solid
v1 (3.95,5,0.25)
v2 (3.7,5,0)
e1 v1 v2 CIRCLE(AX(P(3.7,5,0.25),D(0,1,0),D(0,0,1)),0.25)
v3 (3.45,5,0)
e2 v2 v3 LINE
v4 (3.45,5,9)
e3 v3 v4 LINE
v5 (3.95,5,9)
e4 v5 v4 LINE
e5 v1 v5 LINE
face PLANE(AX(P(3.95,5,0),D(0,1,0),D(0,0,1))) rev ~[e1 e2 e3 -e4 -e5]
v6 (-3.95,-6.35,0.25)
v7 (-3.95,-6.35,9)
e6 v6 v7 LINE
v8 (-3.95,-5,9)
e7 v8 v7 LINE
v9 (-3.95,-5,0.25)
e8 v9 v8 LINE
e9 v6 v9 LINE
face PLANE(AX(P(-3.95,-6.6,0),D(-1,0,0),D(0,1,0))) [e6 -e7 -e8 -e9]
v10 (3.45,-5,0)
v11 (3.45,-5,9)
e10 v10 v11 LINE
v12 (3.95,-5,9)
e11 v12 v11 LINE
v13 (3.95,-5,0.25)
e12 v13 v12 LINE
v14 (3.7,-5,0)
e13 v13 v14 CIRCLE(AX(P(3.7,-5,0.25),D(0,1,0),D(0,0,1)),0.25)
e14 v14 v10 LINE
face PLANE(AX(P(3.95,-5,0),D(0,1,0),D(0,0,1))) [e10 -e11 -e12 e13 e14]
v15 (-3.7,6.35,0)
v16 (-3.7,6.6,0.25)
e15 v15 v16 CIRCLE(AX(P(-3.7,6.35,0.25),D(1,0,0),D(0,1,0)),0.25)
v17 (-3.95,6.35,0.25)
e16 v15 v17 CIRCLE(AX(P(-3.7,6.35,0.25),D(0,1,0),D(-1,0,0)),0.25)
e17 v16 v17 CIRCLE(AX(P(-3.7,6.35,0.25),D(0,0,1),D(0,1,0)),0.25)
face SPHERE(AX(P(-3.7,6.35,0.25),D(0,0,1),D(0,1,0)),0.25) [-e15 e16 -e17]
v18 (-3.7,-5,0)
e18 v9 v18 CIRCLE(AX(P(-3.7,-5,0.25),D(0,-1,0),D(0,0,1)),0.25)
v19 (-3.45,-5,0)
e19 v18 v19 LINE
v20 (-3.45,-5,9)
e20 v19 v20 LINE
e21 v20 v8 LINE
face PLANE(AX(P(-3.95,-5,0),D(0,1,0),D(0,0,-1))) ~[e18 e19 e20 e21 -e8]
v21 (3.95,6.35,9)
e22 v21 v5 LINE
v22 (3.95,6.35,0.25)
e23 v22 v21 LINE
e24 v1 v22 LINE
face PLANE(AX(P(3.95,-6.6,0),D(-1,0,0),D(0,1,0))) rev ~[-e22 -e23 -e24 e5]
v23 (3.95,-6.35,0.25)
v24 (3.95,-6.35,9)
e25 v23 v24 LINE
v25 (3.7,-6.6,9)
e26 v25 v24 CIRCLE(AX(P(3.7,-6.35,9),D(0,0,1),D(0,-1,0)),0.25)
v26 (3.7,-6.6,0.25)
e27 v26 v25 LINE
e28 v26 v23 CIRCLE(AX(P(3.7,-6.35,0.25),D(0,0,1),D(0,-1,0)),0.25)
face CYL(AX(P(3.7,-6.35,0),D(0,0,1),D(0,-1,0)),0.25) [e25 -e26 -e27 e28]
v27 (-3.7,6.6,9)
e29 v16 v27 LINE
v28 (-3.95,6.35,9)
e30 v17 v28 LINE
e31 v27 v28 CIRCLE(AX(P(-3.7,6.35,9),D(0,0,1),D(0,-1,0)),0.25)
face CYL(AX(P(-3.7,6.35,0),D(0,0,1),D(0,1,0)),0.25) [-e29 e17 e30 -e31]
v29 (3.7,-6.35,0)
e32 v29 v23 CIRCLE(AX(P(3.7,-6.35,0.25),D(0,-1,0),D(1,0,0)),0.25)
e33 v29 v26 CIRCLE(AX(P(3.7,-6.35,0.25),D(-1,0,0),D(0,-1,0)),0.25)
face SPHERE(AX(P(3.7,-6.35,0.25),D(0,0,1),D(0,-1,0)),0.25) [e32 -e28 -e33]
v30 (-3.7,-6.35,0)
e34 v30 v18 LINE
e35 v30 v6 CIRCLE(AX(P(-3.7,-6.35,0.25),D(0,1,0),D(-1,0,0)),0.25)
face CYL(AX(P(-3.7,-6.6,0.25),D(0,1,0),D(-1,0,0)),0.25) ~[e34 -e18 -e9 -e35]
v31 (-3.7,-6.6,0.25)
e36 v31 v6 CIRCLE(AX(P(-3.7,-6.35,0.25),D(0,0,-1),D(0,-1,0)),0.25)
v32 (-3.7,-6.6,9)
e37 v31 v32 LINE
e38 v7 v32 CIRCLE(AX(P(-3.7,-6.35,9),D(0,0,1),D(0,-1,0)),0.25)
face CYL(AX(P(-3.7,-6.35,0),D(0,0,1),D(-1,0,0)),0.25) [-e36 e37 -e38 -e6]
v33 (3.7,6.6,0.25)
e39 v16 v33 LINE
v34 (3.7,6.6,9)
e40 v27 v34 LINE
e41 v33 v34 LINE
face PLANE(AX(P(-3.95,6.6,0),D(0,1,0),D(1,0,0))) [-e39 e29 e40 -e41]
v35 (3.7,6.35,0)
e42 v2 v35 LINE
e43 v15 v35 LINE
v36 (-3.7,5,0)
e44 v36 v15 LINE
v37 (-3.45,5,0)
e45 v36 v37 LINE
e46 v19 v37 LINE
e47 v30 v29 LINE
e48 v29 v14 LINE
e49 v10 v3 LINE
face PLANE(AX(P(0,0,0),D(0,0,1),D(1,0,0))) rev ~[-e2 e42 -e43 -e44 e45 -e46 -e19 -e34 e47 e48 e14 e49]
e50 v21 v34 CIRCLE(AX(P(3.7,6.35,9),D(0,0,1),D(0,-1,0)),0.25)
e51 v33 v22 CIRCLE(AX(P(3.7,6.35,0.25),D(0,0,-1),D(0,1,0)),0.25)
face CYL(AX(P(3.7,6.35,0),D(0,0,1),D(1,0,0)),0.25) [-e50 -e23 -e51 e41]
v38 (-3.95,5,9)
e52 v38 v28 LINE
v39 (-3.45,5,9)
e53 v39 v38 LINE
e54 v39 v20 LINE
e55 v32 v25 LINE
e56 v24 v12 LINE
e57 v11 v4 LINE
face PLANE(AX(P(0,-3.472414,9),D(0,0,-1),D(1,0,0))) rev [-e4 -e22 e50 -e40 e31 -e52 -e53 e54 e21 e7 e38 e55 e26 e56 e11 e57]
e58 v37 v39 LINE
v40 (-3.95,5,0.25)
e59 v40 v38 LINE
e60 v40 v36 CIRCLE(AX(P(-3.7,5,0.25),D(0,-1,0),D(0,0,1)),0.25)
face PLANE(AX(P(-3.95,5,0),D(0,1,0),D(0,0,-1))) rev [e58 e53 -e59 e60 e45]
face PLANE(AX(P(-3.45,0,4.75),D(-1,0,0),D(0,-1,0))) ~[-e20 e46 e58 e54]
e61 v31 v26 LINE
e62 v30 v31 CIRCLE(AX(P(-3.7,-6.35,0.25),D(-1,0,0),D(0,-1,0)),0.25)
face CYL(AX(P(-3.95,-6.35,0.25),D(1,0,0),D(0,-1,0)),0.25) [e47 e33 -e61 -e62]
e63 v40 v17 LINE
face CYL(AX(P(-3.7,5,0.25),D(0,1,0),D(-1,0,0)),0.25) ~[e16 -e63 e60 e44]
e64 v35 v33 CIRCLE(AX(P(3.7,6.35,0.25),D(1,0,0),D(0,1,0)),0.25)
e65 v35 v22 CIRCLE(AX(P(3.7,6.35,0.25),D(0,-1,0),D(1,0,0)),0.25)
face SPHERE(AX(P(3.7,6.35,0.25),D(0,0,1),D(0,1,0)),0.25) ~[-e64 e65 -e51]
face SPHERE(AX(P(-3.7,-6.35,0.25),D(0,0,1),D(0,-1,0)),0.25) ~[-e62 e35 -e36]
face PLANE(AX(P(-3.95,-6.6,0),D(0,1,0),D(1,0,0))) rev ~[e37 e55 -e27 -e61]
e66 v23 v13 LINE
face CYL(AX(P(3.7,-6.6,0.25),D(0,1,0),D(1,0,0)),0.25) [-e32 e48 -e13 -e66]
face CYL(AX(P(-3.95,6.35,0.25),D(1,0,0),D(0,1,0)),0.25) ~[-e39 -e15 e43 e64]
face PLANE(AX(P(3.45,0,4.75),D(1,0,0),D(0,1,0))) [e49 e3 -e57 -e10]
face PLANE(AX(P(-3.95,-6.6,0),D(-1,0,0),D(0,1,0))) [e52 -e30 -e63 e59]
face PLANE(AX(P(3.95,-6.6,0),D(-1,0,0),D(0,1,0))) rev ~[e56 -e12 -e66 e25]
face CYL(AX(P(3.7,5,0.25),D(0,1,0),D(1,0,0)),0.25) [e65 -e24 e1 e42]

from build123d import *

# Parameters (mm, degrees)
SKETCH_W        = 7.9
SKETCH_H        = 13.2
PAD_DEPTH       = 9.5
SKETCH004_W     = 10
SKETCH004_H     = 9.5
POCKET_DEPTH    = 0.5
POCKET001_DEPTH = 0.5
FILLET001_R     = 0.25


with BuildPart() as part:
    # Sketch → Pad (new body)
    with BuildSketch(Plane.XY):
        Rectangle(SKETCH_W, SKETCH_H)
    extrude(amount=PAD_DEPTH)

    # Sketch004 → Pocket (cut)
    with BuildSketch(Plane.YZ.offset(3.95)):
        with Locations((0, 4.75)):
            Rectangle(SKETCH004_W, SKETCH004_H)
    pocket = extrude(amount=-POCKET_DEPTH, mode=Mode.SUBTRACT)

    # Mirrored: Pocket across YZ
    add(pocket.mirror(Plane.YZ), mode=Mode.SUBTRACT)

    # Sketch005 → Pocket001 (cut)
    with BuildSketch(Plane.XY.offset(9.5)):
        Polygon((-3.95, 6.6), (3.95, 6.6), (3.95, 5), (3.45, 5), (3.45, 0), (-3.45, 0), (-3.45, 5), (-3.95, 5), align=None)
    pocket001 = extrude(amount=-POCKET001_DEPTH, mode=Mode.SUBTRACT)

    # Mirrored001: Pocket001 across XZ
    add(pocket001.mirror(Plane.XZ), mode=Mode.SUBTRACT)

    # Fillet001
    fillet001_edges = [part.edges().sort_by_distance(p)[0] for p in [
        (3.95, -6.6, 4.5),
        (-3.95, -6.6, 4.5),
        (-3.95, 6.6, 4.5),
        (3.95, 6.6, 4.5),
        (0, 6.6, 0),
        (0, -6.6, 0),
        (3.95, -5.8, 0),
        (3.95, 5.8, 0),
        (-3.95, -5.8, 0),
        (-3.95, 5.8, 0),
    ]]
    fillet(fillet001_edges, radius=FILLET001_R)


solid = part.part
